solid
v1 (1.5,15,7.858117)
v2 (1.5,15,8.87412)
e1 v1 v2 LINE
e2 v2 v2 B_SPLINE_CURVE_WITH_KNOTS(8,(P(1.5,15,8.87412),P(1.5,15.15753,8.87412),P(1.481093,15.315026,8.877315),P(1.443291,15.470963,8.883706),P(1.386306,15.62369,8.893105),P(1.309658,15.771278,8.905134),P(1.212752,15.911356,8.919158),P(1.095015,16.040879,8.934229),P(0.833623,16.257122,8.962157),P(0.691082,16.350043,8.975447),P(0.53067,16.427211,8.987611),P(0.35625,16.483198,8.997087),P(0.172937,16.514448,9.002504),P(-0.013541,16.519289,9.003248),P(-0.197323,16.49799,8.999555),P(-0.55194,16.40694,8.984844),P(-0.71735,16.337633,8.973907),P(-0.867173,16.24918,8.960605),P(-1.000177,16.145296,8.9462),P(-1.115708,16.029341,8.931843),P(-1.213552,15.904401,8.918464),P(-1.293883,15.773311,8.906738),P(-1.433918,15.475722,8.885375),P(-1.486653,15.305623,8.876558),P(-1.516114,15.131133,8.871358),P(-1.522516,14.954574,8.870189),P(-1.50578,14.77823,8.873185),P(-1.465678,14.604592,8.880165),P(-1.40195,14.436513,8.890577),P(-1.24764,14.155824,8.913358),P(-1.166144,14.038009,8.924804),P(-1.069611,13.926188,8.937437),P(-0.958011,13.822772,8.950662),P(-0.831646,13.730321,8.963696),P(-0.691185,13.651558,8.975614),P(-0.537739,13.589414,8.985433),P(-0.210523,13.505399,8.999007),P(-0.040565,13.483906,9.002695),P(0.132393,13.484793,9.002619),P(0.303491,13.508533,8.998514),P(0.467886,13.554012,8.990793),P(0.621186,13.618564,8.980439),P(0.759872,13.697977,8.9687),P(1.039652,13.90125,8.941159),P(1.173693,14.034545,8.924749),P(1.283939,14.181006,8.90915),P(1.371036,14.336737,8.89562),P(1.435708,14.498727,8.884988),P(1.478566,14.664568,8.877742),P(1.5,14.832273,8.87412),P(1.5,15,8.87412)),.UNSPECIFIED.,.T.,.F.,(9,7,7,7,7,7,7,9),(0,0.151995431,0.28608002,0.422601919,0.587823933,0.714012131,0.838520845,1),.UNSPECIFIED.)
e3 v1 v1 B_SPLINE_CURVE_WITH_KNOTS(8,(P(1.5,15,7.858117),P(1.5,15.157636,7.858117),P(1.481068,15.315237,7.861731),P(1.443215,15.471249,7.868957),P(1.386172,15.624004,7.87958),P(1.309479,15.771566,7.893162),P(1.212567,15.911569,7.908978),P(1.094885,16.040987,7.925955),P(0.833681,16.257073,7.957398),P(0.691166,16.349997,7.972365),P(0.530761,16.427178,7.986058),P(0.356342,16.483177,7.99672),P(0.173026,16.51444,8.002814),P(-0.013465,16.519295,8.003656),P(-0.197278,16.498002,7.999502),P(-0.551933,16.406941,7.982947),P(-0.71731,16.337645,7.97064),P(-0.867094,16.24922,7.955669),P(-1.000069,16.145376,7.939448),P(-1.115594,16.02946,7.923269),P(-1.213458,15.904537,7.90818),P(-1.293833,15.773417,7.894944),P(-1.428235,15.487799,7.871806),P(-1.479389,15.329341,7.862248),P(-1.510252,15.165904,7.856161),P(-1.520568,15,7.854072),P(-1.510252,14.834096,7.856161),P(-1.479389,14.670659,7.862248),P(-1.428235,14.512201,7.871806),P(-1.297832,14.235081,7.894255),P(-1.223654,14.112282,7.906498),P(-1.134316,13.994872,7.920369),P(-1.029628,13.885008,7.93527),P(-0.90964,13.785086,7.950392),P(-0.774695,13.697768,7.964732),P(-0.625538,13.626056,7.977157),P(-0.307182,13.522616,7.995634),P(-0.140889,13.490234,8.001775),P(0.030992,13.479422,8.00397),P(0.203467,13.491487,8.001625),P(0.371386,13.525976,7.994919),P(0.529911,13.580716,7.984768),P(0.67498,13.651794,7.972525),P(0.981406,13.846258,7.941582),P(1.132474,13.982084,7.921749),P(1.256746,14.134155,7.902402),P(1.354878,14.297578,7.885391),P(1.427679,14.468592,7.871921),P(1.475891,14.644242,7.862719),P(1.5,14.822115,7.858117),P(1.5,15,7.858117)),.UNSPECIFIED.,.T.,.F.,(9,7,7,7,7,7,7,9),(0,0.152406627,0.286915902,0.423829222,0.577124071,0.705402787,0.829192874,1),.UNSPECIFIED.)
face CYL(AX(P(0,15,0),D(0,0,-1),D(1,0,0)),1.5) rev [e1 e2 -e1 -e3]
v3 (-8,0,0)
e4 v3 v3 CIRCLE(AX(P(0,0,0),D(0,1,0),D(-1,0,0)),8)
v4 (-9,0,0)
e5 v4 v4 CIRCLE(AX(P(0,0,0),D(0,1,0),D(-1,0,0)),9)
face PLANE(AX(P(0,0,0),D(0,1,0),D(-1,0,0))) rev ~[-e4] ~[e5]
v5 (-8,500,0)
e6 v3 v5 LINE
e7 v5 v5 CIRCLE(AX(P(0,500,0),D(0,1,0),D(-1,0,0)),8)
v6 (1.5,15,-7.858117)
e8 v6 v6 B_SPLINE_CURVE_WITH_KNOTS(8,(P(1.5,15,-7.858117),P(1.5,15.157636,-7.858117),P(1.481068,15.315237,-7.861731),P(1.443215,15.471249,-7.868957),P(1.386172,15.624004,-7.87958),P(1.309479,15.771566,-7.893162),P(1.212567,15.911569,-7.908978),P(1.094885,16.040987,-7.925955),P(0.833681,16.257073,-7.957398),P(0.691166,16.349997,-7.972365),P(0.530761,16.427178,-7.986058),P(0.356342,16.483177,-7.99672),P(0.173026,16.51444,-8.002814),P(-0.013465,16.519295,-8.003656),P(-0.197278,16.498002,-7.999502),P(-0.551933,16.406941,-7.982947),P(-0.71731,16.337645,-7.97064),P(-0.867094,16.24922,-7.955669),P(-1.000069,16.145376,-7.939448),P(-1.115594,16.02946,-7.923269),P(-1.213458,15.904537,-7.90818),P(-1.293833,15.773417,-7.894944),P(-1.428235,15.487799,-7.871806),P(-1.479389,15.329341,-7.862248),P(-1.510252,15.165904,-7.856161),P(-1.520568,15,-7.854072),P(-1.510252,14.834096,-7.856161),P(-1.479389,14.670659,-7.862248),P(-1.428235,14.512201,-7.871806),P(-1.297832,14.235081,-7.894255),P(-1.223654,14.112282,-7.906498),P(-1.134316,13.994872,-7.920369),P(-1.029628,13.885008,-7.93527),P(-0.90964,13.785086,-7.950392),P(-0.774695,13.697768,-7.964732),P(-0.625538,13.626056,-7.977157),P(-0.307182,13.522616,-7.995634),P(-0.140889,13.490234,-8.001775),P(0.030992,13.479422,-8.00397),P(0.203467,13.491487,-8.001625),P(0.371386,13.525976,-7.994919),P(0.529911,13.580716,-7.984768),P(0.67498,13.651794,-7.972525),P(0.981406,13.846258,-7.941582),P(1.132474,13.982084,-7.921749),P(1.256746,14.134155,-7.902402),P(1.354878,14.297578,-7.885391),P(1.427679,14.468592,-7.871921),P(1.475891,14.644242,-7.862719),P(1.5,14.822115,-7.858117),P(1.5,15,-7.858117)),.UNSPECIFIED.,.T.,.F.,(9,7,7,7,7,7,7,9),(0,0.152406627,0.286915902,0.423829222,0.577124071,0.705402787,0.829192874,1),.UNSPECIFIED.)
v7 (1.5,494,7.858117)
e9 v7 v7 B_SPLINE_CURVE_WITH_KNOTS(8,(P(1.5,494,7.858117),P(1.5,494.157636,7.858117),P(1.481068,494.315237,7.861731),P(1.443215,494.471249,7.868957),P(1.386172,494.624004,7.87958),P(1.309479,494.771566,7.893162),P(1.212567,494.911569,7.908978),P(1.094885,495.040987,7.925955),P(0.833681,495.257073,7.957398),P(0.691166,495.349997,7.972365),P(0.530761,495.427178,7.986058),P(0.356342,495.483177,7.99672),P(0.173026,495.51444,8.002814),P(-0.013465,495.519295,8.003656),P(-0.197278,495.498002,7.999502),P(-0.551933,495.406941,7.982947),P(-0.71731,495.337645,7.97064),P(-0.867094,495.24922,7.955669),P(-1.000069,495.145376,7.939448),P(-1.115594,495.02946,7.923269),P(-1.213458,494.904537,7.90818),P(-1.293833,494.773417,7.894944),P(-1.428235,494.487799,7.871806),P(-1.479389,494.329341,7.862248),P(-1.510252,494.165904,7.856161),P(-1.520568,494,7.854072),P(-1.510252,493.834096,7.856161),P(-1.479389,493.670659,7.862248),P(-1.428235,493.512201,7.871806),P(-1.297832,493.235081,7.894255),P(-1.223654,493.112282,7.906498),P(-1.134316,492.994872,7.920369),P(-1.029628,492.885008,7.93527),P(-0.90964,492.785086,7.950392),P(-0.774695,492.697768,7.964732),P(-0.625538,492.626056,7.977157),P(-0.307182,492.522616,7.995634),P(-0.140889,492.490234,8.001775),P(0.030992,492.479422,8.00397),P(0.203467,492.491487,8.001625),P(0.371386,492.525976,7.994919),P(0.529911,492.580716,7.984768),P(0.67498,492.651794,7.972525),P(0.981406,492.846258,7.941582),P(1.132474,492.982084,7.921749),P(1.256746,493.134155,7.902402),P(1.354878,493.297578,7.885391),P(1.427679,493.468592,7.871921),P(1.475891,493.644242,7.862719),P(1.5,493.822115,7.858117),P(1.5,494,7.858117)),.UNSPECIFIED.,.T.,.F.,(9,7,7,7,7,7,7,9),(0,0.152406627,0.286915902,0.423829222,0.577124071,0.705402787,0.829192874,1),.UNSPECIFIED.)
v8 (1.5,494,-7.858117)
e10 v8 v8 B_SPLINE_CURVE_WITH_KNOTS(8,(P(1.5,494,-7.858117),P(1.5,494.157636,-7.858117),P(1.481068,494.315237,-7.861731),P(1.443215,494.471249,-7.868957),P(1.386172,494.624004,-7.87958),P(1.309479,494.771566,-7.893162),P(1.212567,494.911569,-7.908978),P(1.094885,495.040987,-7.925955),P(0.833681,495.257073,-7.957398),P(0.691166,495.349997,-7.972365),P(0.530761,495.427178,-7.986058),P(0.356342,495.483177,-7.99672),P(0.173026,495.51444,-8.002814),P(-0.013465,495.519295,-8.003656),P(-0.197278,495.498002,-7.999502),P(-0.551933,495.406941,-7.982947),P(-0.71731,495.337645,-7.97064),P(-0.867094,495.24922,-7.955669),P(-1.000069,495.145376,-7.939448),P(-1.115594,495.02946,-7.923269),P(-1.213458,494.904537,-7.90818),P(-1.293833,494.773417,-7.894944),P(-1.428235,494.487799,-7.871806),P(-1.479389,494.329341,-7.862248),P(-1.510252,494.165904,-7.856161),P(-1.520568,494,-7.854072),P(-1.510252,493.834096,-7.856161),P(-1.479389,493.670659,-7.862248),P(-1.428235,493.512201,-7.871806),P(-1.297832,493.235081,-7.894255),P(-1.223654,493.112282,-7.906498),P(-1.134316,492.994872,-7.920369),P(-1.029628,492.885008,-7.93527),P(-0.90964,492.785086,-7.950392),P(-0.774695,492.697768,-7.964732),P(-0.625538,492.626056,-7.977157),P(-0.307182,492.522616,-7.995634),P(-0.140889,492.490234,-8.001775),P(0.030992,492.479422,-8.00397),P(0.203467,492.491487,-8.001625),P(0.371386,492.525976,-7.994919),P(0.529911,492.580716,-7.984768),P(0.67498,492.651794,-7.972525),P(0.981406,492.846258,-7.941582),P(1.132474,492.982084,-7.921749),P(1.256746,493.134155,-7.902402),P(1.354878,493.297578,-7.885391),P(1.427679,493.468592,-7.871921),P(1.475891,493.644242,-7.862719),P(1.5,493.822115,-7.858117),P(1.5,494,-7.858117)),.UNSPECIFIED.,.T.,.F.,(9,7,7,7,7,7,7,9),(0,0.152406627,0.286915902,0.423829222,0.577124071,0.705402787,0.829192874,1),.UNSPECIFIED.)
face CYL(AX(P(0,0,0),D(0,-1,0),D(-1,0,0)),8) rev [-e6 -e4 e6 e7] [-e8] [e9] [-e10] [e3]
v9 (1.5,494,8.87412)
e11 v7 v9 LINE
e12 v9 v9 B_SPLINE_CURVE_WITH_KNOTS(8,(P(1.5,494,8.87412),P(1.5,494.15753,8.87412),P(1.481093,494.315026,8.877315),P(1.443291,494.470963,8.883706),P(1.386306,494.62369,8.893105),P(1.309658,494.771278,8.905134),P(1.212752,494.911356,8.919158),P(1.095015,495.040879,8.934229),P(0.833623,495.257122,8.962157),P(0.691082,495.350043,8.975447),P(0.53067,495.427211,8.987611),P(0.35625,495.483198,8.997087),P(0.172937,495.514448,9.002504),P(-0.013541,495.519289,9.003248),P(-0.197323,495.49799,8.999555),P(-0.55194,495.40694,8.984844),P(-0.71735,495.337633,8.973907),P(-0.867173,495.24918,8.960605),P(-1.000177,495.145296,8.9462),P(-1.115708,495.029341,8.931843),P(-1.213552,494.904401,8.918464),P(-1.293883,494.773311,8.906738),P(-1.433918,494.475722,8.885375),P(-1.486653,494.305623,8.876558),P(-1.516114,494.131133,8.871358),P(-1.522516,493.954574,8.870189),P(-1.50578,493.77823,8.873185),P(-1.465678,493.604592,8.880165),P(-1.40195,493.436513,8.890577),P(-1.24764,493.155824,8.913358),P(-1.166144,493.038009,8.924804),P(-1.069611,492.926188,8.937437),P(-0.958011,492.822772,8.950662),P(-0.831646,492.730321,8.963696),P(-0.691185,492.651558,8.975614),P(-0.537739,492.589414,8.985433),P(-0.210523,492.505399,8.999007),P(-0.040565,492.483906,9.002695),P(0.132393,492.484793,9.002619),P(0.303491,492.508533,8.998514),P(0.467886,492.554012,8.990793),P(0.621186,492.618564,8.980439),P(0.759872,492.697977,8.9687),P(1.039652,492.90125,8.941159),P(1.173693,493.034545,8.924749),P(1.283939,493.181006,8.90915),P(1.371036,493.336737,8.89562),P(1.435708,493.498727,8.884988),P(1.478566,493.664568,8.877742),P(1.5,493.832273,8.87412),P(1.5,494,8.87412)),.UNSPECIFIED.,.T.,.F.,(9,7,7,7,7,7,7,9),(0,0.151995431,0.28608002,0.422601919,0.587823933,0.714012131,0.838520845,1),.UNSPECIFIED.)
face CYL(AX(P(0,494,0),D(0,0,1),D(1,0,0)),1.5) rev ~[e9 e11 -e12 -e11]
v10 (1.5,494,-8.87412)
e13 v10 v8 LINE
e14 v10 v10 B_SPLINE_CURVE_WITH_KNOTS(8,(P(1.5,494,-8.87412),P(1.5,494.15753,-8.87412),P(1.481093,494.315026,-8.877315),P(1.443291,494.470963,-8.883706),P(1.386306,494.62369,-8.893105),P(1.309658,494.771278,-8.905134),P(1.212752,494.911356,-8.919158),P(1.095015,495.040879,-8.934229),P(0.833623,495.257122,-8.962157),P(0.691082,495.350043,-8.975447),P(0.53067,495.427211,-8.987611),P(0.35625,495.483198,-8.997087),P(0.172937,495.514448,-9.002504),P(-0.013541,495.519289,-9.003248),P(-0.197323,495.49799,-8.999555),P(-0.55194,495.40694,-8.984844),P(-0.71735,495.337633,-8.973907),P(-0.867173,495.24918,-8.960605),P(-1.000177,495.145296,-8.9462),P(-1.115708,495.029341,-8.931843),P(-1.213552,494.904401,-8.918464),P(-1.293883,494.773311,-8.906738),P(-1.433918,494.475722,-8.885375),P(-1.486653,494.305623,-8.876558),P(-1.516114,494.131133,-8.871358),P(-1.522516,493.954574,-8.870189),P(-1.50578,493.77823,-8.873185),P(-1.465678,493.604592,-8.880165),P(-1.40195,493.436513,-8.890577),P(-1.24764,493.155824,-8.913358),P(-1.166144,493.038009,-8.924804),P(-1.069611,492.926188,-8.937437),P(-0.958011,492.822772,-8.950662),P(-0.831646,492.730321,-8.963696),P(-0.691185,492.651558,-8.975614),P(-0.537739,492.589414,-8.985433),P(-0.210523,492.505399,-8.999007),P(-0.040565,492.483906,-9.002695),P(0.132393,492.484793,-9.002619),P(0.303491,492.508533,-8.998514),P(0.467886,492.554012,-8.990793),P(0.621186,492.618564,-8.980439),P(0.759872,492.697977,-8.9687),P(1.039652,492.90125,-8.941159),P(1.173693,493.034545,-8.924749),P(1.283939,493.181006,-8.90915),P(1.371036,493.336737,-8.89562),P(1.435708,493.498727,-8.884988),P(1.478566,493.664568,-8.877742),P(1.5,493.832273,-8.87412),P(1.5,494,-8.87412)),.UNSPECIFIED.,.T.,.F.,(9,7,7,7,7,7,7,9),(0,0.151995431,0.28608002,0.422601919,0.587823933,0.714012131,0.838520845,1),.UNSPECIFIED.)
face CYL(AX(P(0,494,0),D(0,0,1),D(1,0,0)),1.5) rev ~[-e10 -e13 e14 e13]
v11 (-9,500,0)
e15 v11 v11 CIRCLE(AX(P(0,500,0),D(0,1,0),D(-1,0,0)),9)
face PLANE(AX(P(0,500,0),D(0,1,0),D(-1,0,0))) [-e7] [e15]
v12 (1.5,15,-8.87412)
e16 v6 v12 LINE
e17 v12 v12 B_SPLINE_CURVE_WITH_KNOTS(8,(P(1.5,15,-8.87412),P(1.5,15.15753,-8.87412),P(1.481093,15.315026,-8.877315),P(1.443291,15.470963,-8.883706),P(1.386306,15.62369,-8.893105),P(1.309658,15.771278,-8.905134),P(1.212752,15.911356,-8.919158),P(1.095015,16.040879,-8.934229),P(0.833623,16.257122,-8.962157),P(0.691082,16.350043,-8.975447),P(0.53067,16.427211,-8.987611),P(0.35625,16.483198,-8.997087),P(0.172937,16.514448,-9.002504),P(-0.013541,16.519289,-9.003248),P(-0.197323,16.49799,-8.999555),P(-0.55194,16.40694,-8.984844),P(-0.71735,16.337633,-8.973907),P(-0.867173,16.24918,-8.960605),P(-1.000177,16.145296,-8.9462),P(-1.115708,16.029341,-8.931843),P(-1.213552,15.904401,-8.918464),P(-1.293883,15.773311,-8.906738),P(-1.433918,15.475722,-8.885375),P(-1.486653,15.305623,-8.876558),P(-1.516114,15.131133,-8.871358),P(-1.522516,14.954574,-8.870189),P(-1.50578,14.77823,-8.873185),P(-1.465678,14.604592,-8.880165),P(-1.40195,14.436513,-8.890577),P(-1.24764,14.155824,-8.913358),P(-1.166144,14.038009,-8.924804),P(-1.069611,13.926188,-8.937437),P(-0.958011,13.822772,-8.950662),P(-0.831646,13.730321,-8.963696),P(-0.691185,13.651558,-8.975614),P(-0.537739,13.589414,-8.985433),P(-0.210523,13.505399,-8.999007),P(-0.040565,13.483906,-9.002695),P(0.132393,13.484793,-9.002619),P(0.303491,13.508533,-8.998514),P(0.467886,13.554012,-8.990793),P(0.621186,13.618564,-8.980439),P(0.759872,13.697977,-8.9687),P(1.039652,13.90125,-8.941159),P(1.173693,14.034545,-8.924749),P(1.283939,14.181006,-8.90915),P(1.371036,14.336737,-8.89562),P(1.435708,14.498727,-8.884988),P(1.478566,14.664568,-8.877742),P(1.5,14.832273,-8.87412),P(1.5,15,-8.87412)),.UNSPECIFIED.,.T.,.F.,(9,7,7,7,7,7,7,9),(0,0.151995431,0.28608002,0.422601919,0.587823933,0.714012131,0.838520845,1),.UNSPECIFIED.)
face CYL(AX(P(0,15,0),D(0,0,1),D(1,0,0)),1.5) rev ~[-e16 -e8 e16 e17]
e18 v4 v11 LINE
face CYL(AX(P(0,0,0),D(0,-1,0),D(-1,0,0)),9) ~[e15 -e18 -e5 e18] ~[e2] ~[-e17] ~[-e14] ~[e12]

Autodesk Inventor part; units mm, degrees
ref_plane "YZ Plane" through (0, 0, 0) normal (1, 0, 0) x (0, 1, 0)
ref_plane "XZ Plane" through (0, 0, 0) normal (0, 1, 0) x (-1, 0, 0)
ref_plane "XY Plane" through (0, 0, 0) normal (0, 0, 1) x (1, 0, 0)
sketch "Sketch2" plane through (0, 0, 0) normal (0, 1, 0) x (-1, 0, 0)
  circle A0 centre (0, 0) radius 9
  circle A1 centre (0, 0) radius 8
  dimension "d91" = 18
  dimension "d92" = 16
extrude "Extrusion5" add sketch "Sketch2" along normal blind 500
sketch "Sketch3" plane through (0, 0, 0) normal (0, 0, 1) x (1, 0, 0)
  line L0 (0, 0) -> (0, 15) construction
  circle A0 centre (0, 15) radius 1.5
  line L1 (9, 500) -> (-9, 500) projected
  line L2 (0, 500) -> (0, 494)
  circle A1 centre (0, 494) radius 1.5
  dimension "d95" = 15
  dimension "d96" = 3
  dimension "d97" = 6
  dimension "d98" = 3
extrude "Extrusion6" cut sketch "Sketch3" along normal blind 10 and the other way blind 10
properties part number "airfoil"
